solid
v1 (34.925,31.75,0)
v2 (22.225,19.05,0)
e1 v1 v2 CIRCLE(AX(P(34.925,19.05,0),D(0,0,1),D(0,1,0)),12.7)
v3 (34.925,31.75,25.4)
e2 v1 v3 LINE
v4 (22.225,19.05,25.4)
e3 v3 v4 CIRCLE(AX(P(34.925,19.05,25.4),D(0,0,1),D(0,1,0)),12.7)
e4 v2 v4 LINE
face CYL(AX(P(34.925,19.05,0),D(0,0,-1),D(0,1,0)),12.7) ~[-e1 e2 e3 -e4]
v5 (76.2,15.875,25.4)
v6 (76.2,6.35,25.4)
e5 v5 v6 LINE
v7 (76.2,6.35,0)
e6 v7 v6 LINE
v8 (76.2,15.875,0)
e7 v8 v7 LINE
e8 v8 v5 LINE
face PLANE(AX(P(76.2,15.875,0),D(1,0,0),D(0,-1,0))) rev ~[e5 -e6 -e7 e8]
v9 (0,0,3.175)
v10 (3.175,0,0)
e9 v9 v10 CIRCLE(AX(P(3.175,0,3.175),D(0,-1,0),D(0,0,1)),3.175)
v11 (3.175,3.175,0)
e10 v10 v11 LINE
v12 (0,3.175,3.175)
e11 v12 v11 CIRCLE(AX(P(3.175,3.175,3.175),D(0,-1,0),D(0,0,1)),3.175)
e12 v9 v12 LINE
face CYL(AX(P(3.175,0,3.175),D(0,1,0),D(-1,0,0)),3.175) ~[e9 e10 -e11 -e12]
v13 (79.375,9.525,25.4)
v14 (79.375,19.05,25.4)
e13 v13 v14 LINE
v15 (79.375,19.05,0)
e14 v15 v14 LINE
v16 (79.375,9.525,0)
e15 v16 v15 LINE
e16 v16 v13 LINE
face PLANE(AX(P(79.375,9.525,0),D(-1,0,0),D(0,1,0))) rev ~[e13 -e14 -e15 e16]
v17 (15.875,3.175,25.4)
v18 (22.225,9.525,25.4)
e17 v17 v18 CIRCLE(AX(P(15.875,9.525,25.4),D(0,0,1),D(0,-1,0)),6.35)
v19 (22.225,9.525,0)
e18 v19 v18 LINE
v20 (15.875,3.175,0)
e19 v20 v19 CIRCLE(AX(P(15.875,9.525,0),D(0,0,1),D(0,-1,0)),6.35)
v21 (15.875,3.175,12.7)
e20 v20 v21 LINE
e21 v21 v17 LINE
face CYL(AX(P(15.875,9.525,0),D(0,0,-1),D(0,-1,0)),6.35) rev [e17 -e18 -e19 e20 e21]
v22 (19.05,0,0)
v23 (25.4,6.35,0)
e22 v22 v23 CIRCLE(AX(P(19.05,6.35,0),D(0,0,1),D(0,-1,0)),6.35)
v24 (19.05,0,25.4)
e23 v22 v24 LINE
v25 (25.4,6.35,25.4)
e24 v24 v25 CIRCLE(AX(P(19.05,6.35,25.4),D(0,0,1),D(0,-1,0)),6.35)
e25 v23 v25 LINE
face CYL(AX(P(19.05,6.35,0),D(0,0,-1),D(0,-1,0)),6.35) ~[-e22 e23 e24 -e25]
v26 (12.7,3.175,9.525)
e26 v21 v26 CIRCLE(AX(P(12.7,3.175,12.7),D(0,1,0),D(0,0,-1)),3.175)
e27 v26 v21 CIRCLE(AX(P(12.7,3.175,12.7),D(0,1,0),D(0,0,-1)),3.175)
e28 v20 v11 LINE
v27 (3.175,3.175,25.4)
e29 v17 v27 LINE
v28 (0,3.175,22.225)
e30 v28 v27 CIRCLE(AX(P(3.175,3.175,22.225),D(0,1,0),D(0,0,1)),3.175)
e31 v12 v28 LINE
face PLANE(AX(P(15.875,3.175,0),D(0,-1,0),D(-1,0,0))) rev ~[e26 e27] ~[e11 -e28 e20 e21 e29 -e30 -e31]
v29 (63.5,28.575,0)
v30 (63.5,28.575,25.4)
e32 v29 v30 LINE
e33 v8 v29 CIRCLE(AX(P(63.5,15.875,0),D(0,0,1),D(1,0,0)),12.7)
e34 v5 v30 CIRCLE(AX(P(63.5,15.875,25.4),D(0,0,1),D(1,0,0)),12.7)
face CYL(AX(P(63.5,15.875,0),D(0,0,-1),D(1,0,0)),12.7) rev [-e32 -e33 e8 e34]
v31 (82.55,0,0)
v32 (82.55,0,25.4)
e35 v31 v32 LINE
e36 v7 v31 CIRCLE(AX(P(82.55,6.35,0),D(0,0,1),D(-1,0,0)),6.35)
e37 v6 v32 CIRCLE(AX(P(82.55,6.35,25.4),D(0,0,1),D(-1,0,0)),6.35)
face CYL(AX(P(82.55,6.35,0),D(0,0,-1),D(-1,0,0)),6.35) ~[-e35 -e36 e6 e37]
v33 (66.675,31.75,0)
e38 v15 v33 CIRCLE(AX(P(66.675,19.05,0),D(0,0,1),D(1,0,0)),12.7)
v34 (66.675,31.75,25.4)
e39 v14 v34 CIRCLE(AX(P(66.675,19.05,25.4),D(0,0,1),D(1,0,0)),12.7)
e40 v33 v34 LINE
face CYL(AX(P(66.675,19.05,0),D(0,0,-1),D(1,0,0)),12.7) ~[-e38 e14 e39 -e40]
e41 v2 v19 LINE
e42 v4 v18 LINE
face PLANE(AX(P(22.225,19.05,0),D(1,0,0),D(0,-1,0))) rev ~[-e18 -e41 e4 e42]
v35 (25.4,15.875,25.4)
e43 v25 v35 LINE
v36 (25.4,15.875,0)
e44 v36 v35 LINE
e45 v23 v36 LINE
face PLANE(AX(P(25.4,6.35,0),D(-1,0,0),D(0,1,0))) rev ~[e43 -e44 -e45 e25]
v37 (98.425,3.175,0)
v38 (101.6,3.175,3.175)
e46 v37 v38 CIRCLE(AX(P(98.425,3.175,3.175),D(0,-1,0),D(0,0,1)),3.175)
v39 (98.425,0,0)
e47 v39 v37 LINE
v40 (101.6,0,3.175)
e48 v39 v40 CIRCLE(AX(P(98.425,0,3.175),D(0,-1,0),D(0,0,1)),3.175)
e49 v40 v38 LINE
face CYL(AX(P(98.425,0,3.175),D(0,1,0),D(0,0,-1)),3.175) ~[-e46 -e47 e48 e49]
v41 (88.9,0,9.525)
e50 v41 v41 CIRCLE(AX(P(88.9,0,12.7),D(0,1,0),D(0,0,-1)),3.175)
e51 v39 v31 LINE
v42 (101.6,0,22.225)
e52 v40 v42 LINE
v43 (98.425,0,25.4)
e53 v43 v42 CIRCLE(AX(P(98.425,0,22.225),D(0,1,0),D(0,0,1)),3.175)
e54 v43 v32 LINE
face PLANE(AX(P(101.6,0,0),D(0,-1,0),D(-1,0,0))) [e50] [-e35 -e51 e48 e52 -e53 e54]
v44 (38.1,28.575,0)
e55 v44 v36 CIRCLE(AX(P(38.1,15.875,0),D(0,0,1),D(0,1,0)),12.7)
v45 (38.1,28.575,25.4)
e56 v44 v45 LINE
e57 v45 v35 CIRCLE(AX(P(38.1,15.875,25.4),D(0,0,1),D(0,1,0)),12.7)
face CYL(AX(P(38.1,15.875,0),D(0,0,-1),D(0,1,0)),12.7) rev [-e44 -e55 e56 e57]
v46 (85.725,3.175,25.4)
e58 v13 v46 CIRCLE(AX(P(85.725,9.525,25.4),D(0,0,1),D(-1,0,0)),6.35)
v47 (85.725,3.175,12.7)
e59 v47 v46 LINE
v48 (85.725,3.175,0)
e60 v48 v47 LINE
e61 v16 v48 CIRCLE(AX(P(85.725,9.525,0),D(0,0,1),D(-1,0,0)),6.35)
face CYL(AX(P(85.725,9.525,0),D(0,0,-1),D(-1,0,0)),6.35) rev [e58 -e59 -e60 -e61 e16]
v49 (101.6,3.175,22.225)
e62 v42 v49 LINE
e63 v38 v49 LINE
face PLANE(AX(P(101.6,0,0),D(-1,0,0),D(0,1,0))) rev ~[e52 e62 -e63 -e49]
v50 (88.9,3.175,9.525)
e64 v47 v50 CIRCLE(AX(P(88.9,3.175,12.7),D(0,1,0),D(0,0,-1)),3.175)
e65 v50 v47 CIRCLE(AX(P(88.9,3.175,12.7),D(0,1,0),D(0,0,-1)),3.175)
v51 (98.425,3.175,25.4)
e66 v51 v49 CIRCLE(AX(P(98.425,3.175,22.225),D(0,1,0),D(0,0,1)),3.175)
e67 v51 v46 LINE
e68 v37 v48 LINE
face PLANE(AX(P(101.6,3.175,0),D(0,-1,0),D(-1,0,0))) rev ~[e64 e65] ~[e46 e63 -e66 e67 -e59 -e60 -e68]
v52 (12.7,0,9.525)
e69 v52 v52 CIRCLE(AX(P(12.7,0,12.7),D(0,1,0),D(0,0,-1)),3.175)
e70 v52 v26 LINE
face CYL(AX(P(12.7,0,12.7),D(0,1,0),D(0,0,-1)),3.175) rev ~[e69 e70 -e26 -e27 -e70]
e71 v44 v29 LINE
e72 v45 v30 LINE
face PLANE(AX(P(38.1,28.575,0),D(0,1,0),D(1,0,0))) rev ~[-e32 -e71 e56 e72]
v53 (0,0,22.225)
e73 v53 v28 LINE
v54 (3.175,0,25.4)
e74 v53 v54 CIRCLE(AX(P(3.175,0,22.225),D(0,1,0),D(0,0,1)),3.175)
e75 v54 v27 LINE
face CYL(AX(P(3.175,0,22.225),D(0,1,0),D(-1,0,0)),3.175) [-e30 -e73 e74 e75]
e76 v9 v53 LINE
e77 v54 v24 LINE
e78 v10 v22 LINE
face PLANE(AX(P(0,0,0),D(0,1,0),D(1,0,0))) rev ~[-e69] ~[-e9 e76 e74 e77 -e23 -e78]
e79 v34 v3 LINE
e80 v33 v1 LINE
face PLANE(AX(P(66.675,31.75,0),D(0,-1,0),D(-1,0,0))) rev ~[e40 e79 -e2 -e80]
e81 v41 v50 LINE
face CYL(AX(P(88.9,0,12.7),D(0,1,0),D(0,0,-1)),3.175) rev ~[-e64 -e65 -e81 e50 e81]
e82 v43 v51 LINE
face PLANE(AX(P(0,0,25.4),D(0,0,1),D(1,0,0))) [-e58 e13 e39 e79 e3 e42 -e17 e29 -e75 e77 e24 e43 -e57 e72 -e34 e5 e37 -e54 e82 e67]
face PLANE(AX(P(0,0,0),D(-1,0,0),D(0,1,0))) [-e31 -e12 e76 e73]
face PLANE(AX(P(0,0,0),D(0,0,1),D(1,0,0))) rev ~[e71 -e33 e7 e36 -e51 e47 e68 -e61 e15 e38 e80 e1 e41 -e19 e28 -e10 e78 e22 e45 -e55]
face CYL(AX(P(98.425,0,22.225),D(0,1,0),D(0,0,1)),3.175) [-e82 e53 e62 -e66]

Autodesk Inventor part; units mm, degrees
ref_plane "YZ Plane" through (0, 0, 0) normal (1, 0, 0) x (0, 1, 0)
ref_plane "XZ Plane" through (0, 0, 0) normal (0, 1, 0) x (-1, 0, 0)
ref_plane "XY Plane" through (0, 0, 0) normal (0, 0, 1) x (1, 0, 0)
sketch "Sketch1" plane through (0, 0, 0) normal (0, 0, 1) x (1, 0, 0)
  line L0 (0, 0) -> (101.6, 0) construction
  line L1 (101.6, 0) -> (101.6, 38.1) construction
  line L2 (101.6, 38.1) -> (0, 38.1) construction
  line L3 (0, 38.1) -> (0, 0) construction
  line L4 (0, 0) -> (19.05, 0)
  line L5 (101.6, 0) -> (82.55, 0)
  line L6 (25.4, 6.35) -> (25.4, 15.875)
  line L7 (38.1, 28.575) -> (63.5, 28.575)
  line L8 (76.2, 15.875) -> (76.2, 6.35)
  line L9 (66.675, 31.75) -> (34.925, 31.75)
  line L10 (22.225, 19.05) -> (22.225, 9.525)
  line L11 (15.875, 3.175) -> (0, 3.175)
  line L12 (101.6, 3.175) -> (85.725, 3.175)
  line L13 (79.375, 9.525) -> (79.375, 19.05)
  line L14 (0, 0) -> (0, 3.175)
  line L15 (101.6, 0) -> (101.6, 3.175)
  arc A0 (34.925, 31.75) -> (22.225, 19.05) centre (34.925, 19.05) ccw
  arc A1 (38.1, 28.575) -> (25.4, 15.875) centre (38.1, 15.875) ccw
  arc A2 (79.375, 19.05) -> (66.675, 31.75) centre (66.675, 19.05) ccw
  arc A3 (76.2, 15.875) -> (63.5, 28.575) centre (63.5, 15.875) ccw
  arc A4 (15.875, 3.175) -> (22.225, 9.525) centre (15.875, 9.525) ccw
  arc A5 (79.375, 9.525) -> (85.725, 3.175) centre (85.725, 9.525) ccw
  arc A6 (76.2, 6.35) -> (82.55, 0) centre (82.55, 6.35) ccw
  arc A7 (19.05, 0) -> (25.4, 6.35) centre (19.05, 6.35) ccw
  point P0 (25.4, 0)
  point P1 (76.2, 0)
  point P2 (25.4, 28.575)
  dimension "d0" = 101.6
  dimension "d1" = 38.1
  dimension "d2" = 25.4
  dimension "d3" = 25.4
  dimension "d4" = 28.575
  dimension "d5" = 3.175
  dimension "d6" = 3.175
  dimension "d7" = 12.7
  dimension "d8" = 6.35
  dimension "d9" = 6.35
  dimension "d10" = 6.35
extrude "Extrusion1" add sketch "Sketch1" along normal blind 25.4
sketch "Sketch2" plane through (0, 0, 0) normal (0, -1, 0) x (1, 0, 0)
  line L0 (0, 0) -> (19.05, 0) projected
  line L1 (19.05, 0) -> (19.05, 25.4) projected
  line L2 (0, 25.4) -> (19.05, 25.4) projected
  line L3 (0, 0) -> (0, 25.4) projected
  line L4 (82.55, 0) -> (101.6, 0) projected
  line L5 (101.6, 0) -> (101.6, 25.4) projected
  line L6 (82.55, 25.4) -> (101.6, 25.4) projected
  line L7 (82.55, 0) -> (82.55, 25.4) projected
  point P0 (12.7, 12.7)
  point P1 (88.9, 12.7)
  dimension "d13" = 12.7
  dimension "d14" = 12.7
  dimension "d15" = 12.7
  dimension "d16" = 12.7
hole "Hole1" at (12.7, 0, 12.7) at (88.9, 0, 12.7) direction (0, 1, 0) diameter 6.35 end through all
fillet "Fillet1" radius 3.175 4 edges at (101.6, 1.5875, 25.4) (101.6, 1.5875, 0) (0, 1.5875, 25.4) (0, 1.5875, 0)
properties part number "hendel"
